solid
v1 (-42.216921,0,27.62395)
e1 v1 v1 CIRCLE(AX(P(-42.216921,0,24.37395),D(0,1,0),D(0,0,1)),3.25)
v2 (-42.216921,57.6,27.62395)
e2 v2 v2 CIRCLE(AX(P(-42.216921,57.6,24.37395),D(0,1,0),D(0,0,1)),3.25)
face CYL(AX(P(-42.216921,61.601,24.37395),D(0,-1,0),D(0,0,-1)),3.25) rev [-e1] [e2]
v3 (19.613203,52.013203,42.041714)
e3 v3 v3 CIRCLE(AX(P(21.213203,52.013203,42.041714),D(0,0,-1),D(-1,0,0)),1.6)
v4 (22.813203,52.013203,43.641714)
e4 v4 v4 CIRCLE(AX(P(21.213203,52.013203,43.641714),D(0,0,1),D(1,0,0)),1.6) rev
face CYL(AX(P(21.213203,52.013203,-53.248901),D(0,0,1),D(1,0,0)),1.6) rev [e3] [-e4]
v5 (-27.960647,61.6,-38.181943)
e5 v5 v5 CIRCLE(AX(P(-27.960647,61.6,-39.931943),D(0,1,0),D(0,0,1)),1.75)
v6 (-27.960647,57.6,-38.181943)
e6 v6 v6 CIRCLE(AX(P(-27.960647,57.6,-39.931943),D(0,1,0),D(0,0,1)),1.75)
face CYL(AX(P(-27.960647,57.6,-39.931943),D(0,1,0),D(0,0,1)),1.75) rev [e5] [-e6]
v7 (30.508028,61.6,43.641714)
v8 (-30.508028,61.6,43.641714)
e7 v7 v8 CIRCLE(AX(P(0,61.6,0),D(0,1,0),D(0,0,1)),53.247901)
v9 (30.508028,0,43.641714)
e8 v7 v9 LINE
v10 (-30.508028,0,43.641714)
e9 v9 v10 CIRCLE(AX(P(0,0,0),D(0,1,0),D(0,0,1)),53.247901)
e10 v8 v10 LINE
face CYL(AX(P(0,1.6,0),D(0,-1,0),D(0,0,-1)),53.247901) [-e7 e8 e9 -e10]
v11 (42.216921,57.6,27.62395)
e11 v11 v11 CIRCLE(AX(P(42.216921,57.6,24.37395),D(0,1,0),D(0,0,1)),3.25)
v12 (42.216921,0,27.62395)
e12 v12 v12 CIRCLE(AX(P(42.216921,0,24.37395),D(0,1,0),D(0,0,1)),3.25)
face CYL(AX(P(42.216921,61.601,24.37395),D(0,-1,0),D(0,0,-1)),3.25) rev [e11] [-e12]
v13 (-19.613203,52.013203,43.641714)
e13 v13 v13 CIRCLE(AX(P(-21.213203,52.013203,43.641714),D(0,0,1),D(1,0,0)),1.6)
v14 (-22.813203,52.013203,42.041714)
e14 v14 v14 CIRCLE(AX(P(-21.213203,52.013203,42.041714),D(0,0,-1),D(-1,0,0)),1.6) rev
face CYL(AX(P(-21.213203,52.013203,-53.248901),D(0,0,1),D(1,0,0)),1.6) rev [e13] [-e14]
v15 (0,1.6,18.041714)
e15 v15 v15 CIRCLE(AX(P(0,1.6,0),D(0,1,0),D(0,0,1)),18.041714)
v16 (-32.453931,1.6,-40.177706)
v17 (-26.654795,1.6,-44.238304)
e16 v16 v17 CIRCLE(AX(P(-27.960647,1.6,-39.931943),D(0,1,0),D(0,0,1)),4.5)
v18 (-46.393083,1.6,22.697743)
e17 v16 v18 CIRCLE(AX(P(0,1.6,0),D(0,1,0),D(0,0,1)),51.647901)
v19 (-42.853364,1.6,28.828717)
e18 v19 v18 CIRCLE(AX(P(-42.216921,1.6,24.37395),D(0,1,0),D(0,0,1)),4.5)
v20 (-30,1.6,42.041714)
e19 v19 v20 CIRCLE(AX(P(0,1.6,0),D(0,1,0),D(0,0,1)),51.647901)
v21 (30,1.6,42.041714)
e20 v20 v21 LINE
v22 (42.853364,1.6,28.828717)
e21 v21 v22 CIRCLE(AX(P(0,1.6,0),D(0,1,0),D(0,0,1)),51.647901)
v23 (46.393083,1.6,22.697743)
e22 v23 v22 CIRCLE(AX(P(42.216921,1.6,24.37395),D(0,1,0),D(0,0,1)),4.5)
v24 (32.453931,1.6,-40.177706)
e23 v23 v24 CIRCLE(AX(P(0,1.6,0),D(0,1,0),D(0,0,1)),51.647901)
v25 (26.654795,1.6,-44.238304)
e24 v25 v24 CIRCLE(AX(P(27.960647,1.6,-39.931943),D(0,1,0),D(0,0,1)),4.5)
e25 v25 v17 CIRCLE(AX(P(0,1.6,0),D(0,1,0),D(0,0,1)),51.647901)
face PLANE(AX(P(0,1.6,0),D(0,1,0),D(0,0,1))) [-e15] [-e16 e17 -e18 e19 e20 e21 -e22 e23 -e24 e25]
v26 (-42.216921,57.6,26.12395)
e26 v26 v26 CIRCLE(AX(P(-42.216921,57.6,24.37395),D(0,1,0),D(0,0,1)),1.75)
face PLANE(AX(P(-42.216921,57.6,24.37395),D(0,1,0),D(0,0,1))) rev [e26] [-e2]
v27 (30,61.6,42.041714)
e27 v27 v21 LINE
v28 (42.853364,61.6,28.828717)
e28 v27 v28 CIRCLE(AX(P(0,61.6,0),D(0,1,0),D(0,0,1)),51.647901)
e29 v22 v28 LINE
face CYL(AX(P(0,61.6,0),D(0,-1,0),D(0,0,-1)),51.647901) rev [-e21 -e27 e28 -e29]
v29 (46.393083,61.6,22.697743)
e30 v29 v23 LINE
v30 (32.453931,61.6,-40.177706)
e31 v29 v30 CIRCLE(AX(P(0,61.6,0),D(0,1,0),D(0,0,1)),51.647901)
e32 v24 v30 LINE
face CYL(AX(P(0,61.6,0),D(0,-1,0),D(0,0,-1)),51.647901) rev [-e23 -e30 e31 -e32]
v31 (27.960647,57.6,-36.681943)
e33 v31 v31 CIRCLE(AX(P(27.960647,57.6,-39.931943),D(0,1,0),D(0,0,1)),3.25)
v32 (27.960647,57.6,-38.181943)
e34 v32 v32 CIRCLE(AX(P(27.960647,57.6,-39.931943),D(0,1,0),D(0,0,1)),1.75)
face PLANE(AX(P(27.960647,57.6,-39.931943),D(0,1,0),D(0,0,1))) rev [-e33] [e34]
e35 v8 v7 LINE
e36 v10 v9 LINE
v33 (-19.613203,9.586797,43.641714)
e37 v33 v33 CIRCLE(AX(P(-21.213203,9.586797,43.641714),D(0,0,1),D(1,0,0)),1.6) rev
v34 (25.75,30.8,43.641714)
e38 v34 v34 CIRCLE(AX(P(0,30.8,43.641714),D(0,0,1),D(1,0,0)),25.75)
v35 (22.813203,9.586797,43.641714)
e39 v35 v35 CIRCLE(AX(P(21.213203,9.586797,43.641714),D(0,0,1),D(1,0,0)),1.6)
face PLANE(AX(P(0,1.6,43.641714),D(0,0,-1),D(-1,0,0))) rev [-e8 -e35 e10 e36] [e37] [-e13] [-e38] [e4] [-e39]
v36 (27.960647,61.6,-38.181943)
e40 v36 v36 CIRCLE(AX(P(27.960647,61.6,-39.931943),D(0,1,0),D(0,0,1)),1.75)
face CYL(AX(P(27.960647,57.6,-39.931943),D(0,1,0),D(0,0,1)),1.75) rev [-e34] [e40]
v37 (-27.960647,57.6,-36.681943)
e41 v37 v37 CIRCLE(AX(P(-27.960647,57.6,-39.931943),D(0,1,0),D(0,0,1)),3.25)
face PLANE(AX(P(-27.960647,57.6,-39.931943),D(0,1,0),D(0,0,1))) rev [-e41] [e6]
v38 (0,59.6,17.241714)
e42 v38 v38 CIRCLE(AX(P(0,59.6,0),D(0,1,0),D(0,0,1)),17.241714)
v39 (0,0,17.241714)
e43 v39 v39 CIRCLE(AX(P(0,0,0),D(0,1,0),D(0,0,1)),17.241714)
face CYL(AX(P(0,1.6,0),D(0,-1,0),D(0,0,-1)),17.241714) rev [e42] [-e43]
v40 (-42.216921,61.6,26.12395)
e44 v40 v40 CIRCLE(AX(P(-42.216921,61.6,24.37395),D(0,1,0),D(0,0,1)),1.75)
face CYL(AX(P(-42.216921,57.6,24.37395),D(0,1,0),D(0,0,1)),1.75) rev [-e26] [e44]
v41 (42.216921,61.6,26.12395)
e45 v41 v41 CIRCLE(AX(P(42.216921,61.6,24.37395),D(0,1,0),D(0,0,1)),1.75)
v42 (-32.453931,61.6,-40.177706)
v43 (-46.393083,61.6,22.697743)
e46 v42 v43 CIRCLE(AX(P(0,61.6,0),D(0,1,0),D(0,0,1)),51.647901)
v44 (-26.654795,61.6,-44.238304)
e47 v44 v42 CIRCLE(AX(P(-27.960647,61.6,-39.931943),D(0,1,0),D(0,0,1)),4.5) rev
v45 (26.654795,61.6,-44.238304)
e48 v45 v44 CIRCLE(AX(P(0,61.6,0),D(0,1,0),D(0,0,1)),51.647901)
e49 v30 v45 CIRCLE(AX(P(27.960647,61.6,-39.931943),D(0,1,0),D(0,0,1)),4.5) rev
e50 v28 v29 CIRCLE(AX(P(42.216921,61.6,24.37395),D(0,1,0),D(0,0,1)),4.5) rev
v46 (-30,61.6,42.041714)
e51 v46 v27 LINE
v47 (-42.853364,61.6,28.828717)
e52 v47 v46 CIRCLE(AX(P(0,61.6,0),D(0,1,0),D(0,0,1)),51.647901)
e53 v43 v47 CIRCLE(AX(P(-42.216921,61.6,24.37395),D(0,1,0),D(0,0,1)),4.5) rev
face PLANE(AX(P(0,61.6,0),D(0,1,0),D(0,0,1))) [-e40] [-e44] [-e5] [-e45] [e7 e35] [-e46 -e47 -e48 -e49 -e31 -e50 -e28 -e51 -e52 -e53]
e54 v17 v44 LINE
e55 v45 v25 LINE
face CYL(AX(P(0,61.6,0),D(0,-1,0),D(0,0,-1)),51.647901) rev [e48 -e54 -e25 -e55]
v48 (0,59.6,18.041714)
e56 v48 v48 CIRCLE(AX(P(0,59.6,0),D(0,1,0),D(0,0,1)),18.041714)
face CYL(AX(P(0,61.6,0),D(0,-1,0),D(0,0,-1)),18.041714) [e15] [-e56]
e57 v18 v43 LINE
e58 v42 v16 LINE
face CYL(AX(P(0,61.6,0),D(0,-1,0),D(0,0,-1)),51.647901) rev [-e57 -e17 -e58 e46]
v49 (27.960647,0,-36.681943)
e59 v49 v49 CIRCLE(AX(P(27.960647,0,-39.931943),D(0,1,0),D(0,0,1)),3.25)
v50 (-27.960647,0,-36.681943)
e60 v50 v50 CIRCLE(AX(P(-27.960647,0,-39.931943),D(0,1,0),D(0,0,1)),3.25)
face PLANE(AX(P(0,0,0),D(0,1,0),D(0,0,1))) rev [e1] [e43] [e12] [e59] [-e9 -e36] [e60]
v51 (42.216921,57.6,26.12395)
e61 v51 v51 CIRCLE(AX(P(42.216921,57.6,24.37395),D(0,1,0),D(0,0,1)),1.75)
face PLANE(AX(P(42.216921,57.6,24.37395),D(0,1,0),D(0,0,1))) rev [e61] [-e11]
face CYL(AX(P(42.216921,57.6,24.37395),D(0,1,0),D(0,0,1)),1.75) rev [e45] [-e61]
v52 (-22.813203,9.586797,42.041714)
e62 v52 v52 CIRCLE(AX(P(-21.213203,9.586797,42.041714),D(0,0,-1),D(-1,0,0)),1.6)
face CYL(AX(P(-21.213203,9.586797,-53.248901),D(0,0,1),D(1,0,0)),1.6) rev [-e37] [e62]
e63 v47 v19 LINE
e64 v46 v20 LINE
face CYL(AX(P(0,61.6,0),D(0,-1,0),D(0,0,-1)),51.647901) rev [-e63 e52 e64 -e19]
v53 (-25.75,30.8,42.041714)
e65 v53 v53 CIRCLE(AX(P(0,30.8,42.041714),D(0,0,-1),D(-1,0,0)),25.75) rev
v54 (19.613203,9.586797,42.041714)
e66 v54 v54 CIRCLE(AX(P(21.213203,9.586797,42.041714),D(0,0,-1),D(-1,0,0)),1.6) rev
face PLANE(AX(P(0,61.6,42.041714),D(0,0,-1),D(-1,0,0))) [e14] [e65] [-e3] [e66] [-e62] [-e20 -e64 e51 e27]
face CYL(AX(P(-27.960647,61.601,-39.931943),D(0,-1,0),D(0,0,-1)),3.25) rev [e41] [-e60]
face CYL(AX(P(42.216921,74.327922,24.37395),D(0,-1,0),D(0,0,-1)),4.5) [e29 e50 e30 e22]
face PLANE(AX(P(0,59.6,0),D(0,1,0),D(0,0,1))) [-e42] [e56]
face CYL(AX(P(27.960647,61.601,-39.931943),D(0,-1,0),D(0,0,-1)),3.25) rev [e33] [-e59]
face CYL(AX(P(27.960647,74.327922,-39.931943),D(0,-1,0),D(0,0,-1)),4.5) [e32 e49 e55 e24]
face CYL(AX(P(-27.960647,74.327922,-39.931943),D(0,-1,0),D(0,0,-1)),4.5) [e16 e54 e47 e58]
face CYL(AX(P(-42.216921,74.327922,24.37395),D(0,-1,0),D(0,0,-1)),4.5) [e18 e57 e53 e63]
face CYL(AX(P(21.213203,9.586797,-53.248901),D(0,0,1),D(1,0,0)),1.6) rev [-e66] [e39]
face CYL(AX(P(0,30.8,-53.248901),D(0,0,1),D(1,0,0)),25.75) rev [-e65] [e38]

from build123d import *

# Parameters (mm, degrees)
BASE_R              = 17.241713529
BOSS_EXTRUDE4_DEPTH = 1.6
SKETCH7_R           = 18.041713529
SKETCH7_R_2         = 17.241713529
BOSS_EXTRUDE5_DEPTH = 60
HORN_SCREWS_REACH   = 116.767
SKETCH8_R           = 1.6
HORN_REACH          = 128.56
SKETCH18_R          = 25.75
SKETCH12_R          = 4.5
PCB_SCREWS_DEPTH    = 61.6
CUT_EXTRUDE1_REACH  = 99.289
SKETCH21_R          = 3.25
BOSS_EXTRUDE6_START = -4
SKETCH20_R          = 4.5
SKETCH20_R_2        = 1.75
BOSS_EXTRUDE6_DEPTH = 4
MAST_START          = -2
SKETCH19_R          = 18.041713529
MAST_DEPTH          = 2


with BuildPart() as part:
    # Base (on Top Plane) → Boss-Extrude4 (new body)
    with BuildSketch(Plane(origin=(0, 0, 0), x_dir=(1, 0, 0), z_dir=(0, 1, 0))):
        with BuildLine():
            Line((-30.508028449, -43.641713529), (30.508028449, -43.641713529))
            ThreePointArc((30.508028449, -43.641713529), (0, 53.247900988), (-30.508028449, -43.641713529))
        make_face()
        with Locations(Location((0, 0, 0), (0, 0, 270))):
            Circle(BASE_R, mode=Mode.SUBTRACT)
    extrude(amount=BOSS_EXTRUDE4_DEPTH)

    # Sketch7 → Boss-Extrude5 (add)
    # profile 1 of 5: a face of its own
    with BuildSketch(Plane(origin=(0, 1.6, 0), x_dir=(1, 0, 0), z_dir=(0, 1, 0))):
        with BuildLine():
            ThreePointArc((30.508028449, -43.641713529), (0, 53.247900988), (-30.508028449, -43.641713529))
            Line((-30.508028449, -43.641713529), (30.508028449, -43.641713529))
        make_face()
        with BuildLine():
            Line((30, -42.041713529), (-30, -42.041713529))
            ThreePointArc((-30, -42.041713529), (0, 51.647900988), (30, -42.041713529))
        make_face(mode=Mode.SUBTRACT)
    # profile 2 of 5: a face of its own
    with BuildSketch(Plane(origin=(0, 1.6, 0), x_dir=(1, 0, 0), z_dir=(0, 1, 0))):
        with BuildLine():
            ThreePointArc((30.508028449, -43.641713529), (0, 53.247900988), (-30.508028449, -43.641713529))
            Line((-30.508028449, -43.641713529), (30.508028449, -43.641713529))
        make_face()
        with BuildLine():
            Line((30, -42.041713529), (-30, -42.041713529))
            ThreePointArc((-30, -42.041713529), (0, 51.647900988), (30, -42.041713529))
        make_face(mode=Mode.SUBTRACT)
    # profile 3 of 5: a face of its own
    with BuildSketch(Plane(origin=(0, 1.6, 0), x_dir=(1, 0, 0), z_dir=(0, 1, 0))):
        with BuildLine():
            ThreePointArc((30.508028449, -43.641713529), (0, 53.247900988), (-30.508028449, -43.641713529))
            Line((-30.508028449, -43.641713529), (30.508028449, -43.641713529))
        make_face()
        with BuildLine():
            Line((30, -42.041713529), (-30, -42.041713529))
            ThreePointArc((-30, -42.041713529), (0, 51.647900988), (30, -42.041713529))
        make_face(mode=Mode.SUBTRACT)
    # profile 4 of 5: a face of its own
    with BuildSketch(Plane(origin=(0, 1.6, 0), x_dir=(1, 0, 0), z_dir=(0, 1, 0))):
        with BuildLine():
            ThreePointArc((30.508028449, -43.641713529), (0, 53.247900988), (-30.508028449, -43.641713529))
            Line((-30.508028449, -43.641713529), (30.508028449, -43.641713529))
        make_face()
        with BuildLine():
            Line((30, -42.041713529), (-30, -42.041713529))
            ThreePointArc((-30, -42.041713529), (0, 51.647900988), (30, -42.041713529))
        make_face(mode=Mode.SUBTRACT)
    # profile 5 of 5: a face of its own
    with BuildSketch(Plane(origin=(0, 1.6, 0), x_dir=(1, 0, 0), z_dir=(0, 1, 0))):
        with Locations(Location((0, 0, 0), (0, 0, 270))):
            Circle(SKETCH7_R)
        with Locations(Location((0, 0, 0), (0, 0, 270))):
            Circle(SKETCH7_R_2, mode=Mode.SUBTRACT)
    extrude(amount=BOSS_EXTRUDE5_DEPTH)

    # Sketch8 → Horn screws (cut, up to next)
    with BuildSketch(Plane(origin=(0, 30.8, 43.641713529), x_dir=(-1, 0, 0), z_dir=(0, 0, -1)), mode=Mode.PRIVATE) as horn_screws_sk1:
        with Locations(Location((21.213203436, -21.213203436, 0), (0, 0, 180))):
            Circle(SKETCH8_R)
    horn_screws_tool1 = extrude(horn_screws_sk1.sketch, amount=HORN_SCREWS_REACH, mode=Mode.PRIVATE) & part.part
    # Sketch8 → Horn screws (cut, up to next)
    with BuildSketch(Plane(origin=(0, 30.8, 43.641713529), x_dir=(-1, 0, 0), z_dir=(0, 0, -1)), mode=Mode.PRIVATE) as horn_screws_sk2:
        with Locations(Location((-21.213203436, -21.213203436, 0), (0, 0, 180))):
            Circle(SKETCH8_R)
    horn_screws_tool2 = extrude(horn_screws_sk2.sketch, amount=HORN_SCREWS_REACH, mode=Mode.PRIVATE) & part.part
    # Sketch8 → Horn screws (cut, up to next)
    with BuildSketch(Plane(origin=(0, 30.8, 43.641713529), x_dir=(-1, 0, 0), z_dir=(0, 0, -1)), mode=Mode.PRIVATE) as horn_screws_sk3:
        with Locations(Location((-21.213203436, 21.213203436, 0), (0, 0, 180))):
            Circle(SKETCH8_R)
    horn_screws_tool3 = extrude(horn_screws_sk3.sketch, amount=HORN_SCREWS_REACH, mode=Mode.PRIVATE) & part.part
    # Sketch8 → Horn screws (cut, up to next)
    with BuildSketch(Plane(origin=(0, 30.8, 43.641713529), x_dir=(-1, 0, 0), z_dir=(0, 0, -1)), mode=Mode.PRIVATE) as horn_screws_sk4:
        with Locations(Location((21.213203436, 21.213203436, 0), (0, 0, 180))):
            Circle(SKETCH8_R)
    horn_screws_tool4 = extrude(horn_screws_sk4.sketch, amount=HORN_SCREWS_REACH, mode=Mode.PRIVATE) & part.part
    add(horn_screws_tool1.solids().sort_by_distance((-21.213203, 9.586797, 43.641714))[0], mode=Mode.SUBTRACT)
    add(horn_screws_tool2.solids().sort_by_distance((21.213203, 9.586797, 43.641714))[0], mode=Mode.SUBTRACT)
    add(horn_screws_tool3.solids().sort_by_distance((21.213203, 52.013203, 43.641714))[0], mode=Mode.SUBTRACT)
    add(horn_screws_tool4.solids().sort_by_distance((-21.213203, 52.013203, 43.641714))[0], mode=Mode.SUBTRACT)

    # Sketch18 → Horn (cut, up to next)
    with BuildSketch(Plane.XY.offset(43.641713529), mode=Mode.PRIVATE) as horn_sk1:
        with Locations((0, 30.8)):
            Circle(SKETCH18_R)
    horn_tool1 = extrude(horn_sk1.sketch, amount=-HORN_REACH, mode=Mode.PRIVATE) & part.part
    add(horn_tool1.solids().sort_by_distance((0, 30.8, 43.641714))[0], mode=Mode.SUBTRACT)

    # Sketch12 → PCB screws (add)
    with BuildSketch(Plane.XZ):
        with Locations((-42.216920637, 24.373950494)):
            Circle(SKETCH12_R)
        with Locations((-27.960647328, -39.931942749)):
            Circle(SKETCH12_R)
        with Locations((27.960647328, -39.931942749)):
            Circle(SKETCH12_R)
        with Locations((42.216920637, 24.373950494)):
            Circle(SKETCH12_R)
    extrude(amount=-PCB_SCREWS_DEPTH)

    # Sketch21 → Cut-Extrude1 (cut, up to next)
    with BuildSketch(Plane(origin=(0, 0, 0), x_dir=(1, 0, 0), z_dir=(0, 1, 0)), mode=Mode.PRIVATE) as cut_extrude1_sk1:
        with Locations(Location((-42.216920637, -24.373950494, 0), (0, 0, 270))):
            Circle(SKETCH21_R)
    cut_extrude1_tool1 = extrude(cut_extrude1_sk1.sketch, amount=CUT_EXTRUDE1_REACH, mode=Mode.PRIVATE) & part.part
    # Sketch21 → Cut-Extrude1 (cut, up to next)
    with BuildSketch(Plane(origin=(0, 0, 0), x_dir=(1, 0, 0), z_dir=(0, 1, 0)), mode=Mode.PRIVATE) as cut_extrude1_sk2:
        with Locations(Location((42.216920637, -24.373950494, 0), (0, 0, 270))):
            Circle(SKETCH21_R)
    cut_extrude1_tool2 = extrude(cut_extrude1_sk2.sketch, amount=CUT_EXTRUDE1_REACH, mode=Mode.PRIVATE) & part.part
    # Sketch21 → Cut-Extrude1 (cut, up to next)
    with BuildSketch(Plane(origin=(0, 0, 0), x_dir=(1, 0, 0), z_dir=(0, 1, 0)), mode=Mode.PRIVATE) as cut_extrude1_sk3:
        with Locations(Location((27.960647328, 39.931942749, 0), (0, 0, 270))):
            Circle(SKETCH21_R)
    cut_extrude1_tool3 = extrude(cut_extrude1_sk3.sketch, amount=CUT_EXTRUDE1_REACH, mode=Mode.PRIVATE) & part.part
    # Sketch21 → Cut-Extrude1 (cut, up to next)
    with BuildSketch(Plane(origin=(0, 0, 0), x_dir=(1, 0, 0), z_dir=(0, 1, 0)), mode=Mode.PRIVATE) as cut_extrude1_sk4:
        with Locations(Location((-27.960647328, 39.931942749, 0), (0, 0, 270))):
            Circle(SKETCH21_R)
    cut_extrude1_tool4 = extrude(cut_extrude1_sk4.sketch, amount=CUT_EXTRUDE1_REACH, mode=Mode.PRIVATE) & part.part
    add(cut_extrude1_tool1.solids().sort_by_distance((-42.216921, 0, 24.37395))[0], mode=Mode.SUBTRACT)
    add(cut_extrude1_tool2.solids().sort_by_distance((42.216921, 0, 24.37395))[0], mode=Mode.SUBTRACT)
    add(cut_extrude1_tool3.solids().sort_by_distance((27.960647, 0, -39.931943))[0], mode=Mode.SUBTRACT)
    add(cut_extrude1_tool4.solids().sort_by_distance((-27.960647, 0, -39.931943))[0], mode=Mode.SUBTRACT)

    # Sketch20 → Boss-Extrude6 (add)
    # profile 1 of 4: a face of its own
    with BuildSketch(Plane(origin=(0, 61.6, 0), x_dir=(1, 0, 0), z_dir=(0, 1, 0)).offset(BOSS_EXTRUDE6_START)):
        with Locations((-42.216920637, -24.373950494)):
            Circle(SKETCH20_R)
        with Locations(Location((-42.216920637, -24.373950494, 0), (0, 0, 270))):
            Circle(SKETCH20_R_2, mode=Mode.SUBTRACT)
    # profile 2 of 4: a face of its own
    with BuildSketch(Plane(origin=(0, 61.6, 0), x_dir=(1, 0, 0), z_dir=(0, 1, 0)).offset(BOSS_EXTRUDE6_START)):
        with Locations((42.216920637, -24.373950494)):
            Circle(SKETCH20_R)
        with Locations(Location((42.216920637, -24.373950494, 0), (0, 0, 270))):
            Circle(SKETCH20_R_2, mode=Mode.SUBTRACT)
    # profile 3 of 4: a face of its own
    with BuildSketch(Plane(origin=(0, 61.6, 0), x_dir=(1, 0, 0), z_dir=(0, 1, 0)).offset(BOSS_EXTRUDE6_START)):
        with Locations((27.960647328, 39.931942749)):
            Circle(SKETCH20_R)
        with Locations(Location((27.960647328, 39.931942749, 0), (0, 0, 270))):
            Circle(SKETCH20_R_2, mode=Mode.SUBTRACT)
    # profile 4 of 4: a face of its own
    with BuildSketch(Plane(origin=(0, 61.6, 0), x_dir=(1, 0, 0), z_dir=(0, 1, 0)).offset(BOSS_EXTRUDE6_START)):
        with Locations((-27.960647328, 39.931942749)):
            Circle(SKETCH20_R)
        with Locations(Location((-27.960647328, 39.931942749, 0), (0, 0, 270))):
            Circle(SKETCH20_R_2, mode=Mode.SUBTRACT)
    extrude(amount=BOSS_EXTRUDE6_DEPTH)

    # Sketch19 → Mast (cut)
    with BuildSketch(Plane(origin=(0, 61.6, 0), x_dir=(1, 0, 0), z_dir=(0, 1, 0)).offset(MAST_START)):
        with Locations(Location((0, 0, 0), (0, 0, 270))):
            Circle(SKETCH19_R)
    extrude(amount=MAST_DEPTH, mode=Mode.SUBTRACT)


solid = part.part
